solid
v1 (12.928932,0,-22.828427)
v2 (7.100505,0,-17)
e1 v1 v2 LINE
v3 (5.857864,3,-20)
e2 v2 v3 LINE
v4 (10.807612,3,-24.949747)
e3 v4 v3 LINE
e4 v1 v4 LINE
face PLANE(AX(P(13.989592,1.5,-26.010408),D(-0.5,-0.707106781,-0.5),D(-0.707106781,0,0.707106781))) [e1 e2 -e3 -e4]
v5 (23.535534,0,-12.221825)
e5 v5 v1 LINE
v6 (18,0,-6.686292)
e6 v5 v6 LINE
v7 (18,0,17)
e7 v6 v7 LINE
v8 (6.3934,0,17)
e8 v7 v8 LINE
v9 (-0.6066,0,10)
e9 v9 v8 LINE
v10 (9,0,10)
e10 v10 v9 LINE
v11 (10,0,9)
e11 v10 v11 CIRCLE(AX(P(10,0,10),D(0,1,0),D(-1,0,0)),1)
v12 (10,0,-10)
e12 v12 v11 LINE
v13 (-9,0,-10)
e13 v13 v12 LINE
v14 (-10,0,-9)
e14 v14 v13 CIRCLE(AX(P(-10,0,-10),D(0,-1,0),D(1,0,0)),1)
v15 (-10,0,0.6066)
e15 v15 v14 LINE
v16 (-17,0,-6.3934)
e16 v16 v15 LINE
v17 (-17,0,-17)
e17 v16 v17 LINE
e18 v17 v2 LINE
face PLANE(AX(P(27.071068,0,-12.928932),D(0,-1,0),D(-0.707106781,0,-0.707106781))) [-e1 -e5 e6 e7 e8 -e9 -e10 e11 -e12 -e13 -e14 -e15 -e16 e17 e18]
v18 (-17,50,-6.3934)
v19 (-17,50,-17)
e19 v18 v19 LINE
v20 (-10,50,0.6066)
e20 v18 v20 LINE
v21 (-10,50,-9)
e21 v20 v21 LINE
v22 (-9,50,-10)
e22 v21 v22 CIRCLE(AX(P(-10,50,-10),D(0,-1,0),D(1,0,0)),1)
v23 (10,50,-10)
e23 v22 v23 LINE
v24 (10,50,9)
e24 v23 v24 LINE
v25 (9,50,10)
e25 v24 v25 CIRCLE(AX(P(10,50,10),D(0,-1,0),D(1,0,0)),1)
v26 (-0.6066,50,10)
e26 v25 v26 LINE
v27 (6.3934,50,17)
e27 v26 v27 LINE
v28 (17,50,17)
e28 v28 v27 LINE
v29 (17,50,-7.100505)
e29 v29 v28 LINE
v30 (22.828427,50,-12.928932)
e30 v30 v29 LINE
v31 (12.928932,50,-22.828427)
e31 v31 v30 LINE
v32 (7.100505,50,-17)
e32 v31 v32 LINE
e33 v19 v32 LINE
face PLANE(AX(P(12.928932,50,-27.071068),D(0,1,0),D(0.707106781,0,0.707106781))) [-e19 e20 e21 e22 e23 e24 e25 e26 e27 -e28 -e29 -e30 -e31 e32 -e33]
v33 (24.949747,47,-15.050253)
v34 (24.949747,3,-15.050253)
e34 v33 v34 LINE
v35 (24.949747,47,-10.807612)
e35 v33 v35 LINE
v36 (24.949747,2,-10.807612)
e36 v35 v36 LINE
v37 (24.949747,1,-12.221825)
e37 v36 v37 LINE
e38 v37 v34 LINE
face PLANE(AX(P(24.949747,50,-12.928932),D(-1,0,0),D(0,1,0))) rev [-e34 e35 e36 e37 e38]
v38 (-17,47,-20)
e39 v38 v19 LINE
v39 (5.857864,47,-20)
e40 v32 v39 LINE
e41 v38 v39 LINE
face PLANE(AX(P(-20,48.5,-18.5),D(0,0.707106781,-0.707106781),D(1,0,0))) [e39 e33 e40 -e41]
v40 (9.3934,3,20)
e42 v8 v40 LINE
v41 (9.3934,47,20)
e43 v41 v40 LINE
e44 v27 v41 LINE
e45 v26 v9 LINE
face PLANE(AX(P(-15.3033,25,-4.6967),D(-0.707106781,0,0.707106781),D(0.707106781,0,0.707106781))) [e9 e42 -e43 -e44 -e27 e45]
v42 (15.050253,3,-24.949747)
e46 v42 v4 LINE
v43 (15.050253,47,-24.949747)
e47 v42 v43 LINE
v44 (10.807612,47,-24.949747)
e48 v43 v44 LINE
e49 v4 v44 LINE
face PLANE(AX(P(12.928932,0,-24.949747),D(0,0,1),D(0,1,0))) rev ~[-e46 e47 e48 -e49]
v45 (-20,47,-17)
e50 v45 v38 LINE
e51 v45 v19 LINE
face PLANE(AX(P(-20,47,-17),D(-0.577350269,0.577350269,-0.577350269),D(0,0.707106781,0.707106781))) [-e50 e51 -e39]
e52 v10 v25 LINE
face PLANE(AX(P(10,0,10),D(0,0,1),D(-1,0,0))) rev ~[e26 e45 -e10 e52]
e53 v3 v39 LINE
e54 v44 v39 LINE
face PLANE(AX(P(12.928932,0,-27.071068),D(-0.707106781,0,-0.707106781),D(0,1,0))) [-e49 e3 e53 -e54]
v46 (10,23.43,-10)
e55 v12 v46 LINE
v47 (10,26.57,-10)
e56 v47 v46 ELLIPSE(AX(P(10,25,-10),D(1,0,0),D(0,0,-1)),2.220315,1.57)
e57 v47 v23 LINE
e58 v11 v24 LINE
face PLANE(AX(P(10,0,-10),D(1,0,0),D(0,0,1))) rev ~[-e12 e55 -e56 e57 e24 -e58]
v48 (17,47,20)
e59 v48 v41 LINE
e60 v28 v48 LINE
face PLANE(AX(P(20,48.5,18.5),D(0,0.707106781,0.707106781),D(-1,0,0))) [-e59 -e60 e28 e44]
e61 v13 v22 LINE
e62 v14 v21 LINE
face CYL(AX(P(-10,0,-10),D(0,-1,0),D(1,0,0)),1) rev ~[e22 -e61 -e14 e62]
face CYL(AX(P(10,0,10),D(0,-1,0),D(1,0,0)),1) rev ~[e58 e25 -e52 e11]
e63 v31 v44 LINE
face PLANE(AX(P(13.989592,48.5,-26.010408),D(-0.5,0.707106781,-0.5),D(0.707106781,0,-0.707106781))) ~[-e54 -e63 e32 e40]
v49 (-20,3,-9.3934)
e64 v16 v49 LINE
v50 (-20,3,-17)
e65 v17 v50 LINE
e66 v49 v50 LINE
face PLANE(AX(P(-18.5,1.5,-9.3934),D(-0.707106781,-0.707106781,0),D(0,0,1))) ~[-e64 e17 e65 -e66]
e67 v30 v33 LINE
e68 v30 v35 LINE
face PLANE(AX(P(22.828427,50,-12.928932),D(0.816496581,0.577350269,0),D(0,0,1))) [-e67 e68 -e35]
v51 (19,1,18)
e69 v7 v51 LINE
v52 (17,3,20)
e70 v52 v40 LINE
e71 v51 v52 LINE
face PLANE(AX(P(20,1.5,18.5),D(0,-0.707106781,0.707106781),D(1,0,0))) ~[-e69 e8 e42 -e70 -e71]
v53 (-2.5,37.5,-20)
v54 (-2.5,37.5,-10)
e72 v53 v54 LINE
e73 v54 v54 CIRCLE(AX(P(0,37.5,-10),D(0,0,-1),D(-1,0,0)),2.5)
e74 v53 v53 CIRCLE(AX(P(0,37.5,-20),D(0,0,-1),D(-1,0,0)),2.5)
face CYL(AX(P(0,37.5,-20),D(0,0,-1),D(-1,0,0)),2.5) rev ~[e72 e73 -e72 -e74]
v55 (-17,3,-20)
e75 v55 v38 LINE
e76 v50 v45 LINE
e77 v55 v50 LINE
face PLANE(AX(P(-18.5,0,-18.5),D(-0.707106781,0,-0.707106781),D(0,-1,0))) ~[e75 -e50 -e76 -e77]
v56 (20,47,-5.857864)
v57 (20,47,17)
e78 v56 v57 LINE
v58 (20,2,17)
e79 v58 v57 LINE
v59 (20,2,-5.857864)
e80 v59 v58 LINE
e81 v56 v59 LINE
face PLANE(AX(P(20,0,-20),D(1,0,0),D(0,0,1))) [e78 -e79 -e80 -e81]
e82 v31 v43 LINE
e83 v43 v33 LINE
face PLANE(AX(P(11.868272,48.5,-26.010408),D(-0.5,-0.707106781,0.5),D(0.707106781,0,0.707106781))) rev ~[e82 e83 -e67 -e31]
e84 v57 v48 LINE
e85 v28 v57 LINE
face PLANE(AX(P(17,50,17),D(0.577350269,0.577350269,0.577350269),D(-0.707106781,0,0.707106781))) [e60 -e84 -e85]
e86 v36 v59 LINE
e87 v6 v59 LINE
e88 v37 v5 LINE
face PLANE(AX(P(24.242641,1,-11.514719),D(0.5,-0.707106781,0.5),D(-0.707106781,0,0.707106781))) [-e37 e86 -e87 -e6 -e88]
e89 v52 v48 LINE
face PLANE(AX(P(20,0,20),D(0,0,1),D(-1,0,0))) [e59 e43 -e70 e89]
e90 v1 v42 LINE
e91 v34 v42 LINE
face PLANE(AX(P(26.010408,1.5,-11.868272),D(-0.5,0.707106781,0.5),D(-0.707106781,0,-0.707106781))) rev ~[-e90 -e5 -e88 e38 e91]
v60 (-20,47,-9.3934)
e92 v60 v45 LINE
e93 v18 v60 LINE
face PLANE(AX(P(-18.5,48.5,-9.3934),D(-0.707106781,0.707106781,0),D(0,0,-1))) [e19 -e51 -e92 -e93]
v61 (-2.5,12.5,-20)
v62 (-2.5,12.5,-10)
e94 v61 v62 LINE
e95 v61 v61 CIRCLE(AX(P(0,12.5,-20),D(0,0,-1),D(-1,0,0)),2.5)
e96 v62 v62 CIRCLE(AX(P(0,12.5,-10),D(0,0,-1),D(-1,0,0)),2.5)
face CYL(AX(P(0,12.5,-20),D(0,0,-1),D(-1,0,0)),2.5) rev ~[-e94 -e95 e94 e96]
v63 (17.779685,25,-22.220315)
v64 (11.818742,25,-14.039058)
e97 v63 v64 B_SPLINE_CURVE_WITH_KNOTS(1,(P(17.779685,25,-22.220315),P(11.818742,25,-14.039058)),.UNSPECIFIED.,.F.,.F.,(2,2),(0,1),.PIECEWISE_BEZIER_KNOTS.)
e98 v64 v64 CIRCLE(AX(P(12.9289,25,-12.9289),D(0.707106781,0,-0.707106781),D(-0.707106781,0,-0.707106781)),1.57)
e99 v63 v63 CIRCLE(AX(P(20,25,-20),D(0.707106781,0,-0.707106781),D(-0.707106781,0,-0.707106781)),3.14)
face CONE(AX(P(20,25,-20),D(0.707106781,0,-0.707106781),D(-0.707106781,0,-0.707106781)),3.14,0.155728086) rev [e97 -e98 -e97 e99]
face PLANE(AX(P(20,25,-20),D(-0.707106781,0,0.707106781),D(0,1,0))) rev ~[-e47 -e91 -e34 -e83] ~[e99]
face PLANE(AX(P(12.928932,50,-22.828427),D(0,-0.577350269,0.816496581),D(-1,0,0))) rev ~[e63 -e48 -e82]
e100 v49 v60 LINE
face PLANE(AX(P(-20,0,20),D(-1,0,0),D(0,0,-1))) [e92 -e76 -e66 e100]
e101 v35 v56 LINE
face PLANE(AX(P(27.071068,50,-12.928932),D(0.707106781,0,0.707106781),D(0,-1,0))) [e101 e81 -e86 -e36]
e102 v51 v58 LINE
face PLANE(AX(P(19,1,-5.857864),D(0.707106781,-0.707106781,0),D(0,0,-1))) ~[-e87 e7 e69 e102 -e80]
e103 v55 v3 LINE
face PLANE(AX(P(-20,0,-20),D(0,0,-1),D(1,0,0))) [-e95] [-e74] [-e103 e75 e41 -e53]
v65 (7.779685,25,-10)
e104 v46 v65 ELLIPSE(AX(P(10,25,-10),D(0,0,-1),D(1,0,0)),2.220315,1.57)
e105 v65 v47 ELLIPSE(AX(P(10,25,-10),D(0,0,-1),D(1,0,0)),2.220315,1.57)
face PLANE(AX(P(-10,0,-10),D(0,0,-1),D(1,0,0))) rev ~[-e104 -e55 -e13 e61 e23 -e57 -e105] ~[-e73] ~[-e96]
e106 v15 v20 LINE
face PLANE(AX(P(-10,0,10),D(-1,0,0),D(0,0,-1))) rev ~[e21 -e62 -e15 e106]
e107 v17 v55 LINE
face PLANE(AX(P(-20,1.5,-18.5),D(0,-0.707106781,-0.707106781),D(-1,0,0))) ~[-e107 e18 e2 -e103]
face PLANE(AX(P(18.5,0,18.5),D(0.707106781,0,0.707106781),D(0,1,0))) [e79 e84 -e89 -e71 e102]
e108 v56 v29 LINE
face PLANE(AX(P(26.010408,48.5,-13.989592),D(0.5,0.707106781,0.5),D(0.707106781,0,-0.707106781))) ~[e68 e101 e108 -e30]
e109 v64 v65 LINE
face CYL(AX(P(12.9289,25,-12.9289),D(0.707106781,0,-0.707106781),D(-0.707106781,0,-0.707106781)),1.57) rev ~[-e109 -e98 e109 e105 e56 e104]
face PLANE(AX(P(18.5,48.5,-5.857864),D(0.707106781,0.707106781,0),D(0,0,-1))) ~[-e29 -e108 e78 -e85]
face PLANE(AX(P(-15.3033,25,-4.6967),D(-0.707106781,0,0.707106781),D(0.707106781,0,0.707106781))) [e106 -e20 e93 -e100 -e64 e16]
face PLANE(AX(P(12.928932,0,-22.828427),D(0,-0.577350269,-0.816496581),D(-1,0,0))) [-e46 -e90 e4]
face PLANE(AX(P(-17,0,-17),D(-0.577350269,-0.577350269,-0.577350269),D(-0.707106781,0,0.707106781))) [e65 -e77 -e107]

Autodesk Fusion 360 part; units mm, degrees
sketch "Sketch1" plane through (0, 0, 0) normal (0, 1, 0) x (1, 0, 0)
  line L0 (-10, 10) -> (10, 10)
  line L1 (10, 10) -> (10, -10)
  line L2 (10, -10) -> (-10, -10)
  line L3 (-10, -10) -> (-10, 10)
  line L4 (-10, 10) -> (10, -10) construction
  line L5 (10, 10) -> (-10, -10) construction
  line L6 (20, 20) -> (20, -20)
  line L7 (20, -20) -> (-20, -20)
  line L8 (-20, -20) -> (-20, 20)
  line L9 (-20, 20) -> (20, 20)
  dimension "d1" = 20
  dimension "d2" = 20
  dimension "d3" = -10
extrude "Extrude1" add sketch "Sketch1" along normal blind 50 makes body 1
sketch "Sketch2" plane through (0, 50, 0) normal (0, 1, 0) x (-1, 0, 0)
  line L0 (-10, 10) -> (10, 10)
  line L1 (10, 10) -> (10, -10)
  line L2 (10, -10) -> (-10, -10)
  line L3 (-10, -10) -> (-10, 10)
  line L4 (20, -20) -> (20, 20)
  line L5 (20, 20) -> (-20, 20)
  line L6 (-20, 20) -> (-20, -20)
  line L7 (-20, -20) -> (20, -20)
ref_plane "WorkPlane1" through (-10, 25, -10) normal (-0.707107, 0, 0.707107) x (0, 1, 0)
ref_plane "WorkPlane2" through (-15.3033, 25, -4.6967) normal (-0.707107, 0, 0.707107) x (0, 1, 0)
split "Split1" by plane through (-15.3033, 25, -4.6967) normal (-0.707107, 0, 0.707107) bodies 1 makes body 2 at (-0.4044, 16.6667, 20)
ref_plane "WorkPlane3" through (20, 25, -20) normal (-0.707107, 0, 0.707107) x (0, 1, 0)
sketch "Sketch3" plane through (20, 25, -20) normal (-0.707107, 0, 0.707107) x (0, 1, 0)
  line L0 (25, -10) -> (-25, -10)
  line L1 (-25, -10) -> (-25, 10)
  line L2 (-25, 10) -> (25, 10)
  line L3 (25, 10) -> (25, -10)
extrude "Extrude2" add sketch "Sketch3" along normal blind 13 and the other way blind 0 bodies 1
sketch "Sketch4" plane through (20, 0, -20) normal (0.707107, 0, -0.707107) x (-0.707107, 0, -0.707107)
  line L0 (-10, 0) -> (10, 0)
  line L1 (10, 0) -> (10, 50)
  line L2 (10, 50) -> (-10, 50)
  line L3 (-10, 50) -> (-10, 0)
  circle A0 centre (0, 25) radius 3.14
  dimension "d13" = 6.28
ref_plane "WorkPlane4" through (12.9289, 25, -12.9289) normal (0.707107, 0, -0.707107) x (-0.707107, 0, -0.707107)
sketch "Sketch5" plane through (12.9289, 25, -12.9289) normal (0.707107, 0, -0.707107) x (-0.707107, 0, -0.707107)
  circle A0 centre (0, 0) radius 1.57
  dimension "d15" = 3.14
loft "Loft1" cut profiles "Sketch4", "Sketch5" section 1 contours A0 section 2 bodies 1
sketch "Sketch6" plane through (0, 0, -20) normal (0, 0, -1) x (-1, 0, 0)
  line L0 (-5.8579, 50) -> (-5.8579, 0)
  line L1 (-5.8579, 0) -> (20, 0)
  line L2 (20, 0) -> (20, 50)
  line L3 (20, 50) -> (-5.8579, 50)
  line L4 (10, 0) -> (-10, 0)
  line L5 (-10, 0) -> (-10, 50)
  line L6 (-10, 50) -> (10, 50)
  line L7 (10, 50) -> (10, 0)
  line L8 (10, 25) -> (-10, 25) construction
  line L9 (10, 12.5) -> (-10, 12.5) construction
  line L10 (0, 0) -> (0, 25) construction
  circle A0 centre (0, 12.5) radius 2.5
  circle A1 centre (0, 37.5) radius 2.5
  dimension "d16" = 5
extrude "Extrude3" cut sketch "Sketch6" against normal blind 21 contours A0 | A1 bodies 1
sketch "Sketch7" plane through (0, 0, 0) normal (0, -1, 0) x (1, 0, 0)
  line L0 (12.9289, -27.0711) -> (27.0711, -12.9289)
  line L1 (27.0711, -12.9289) -> (20, -5.8579)
  line L2 (20, -5.8579) -> (20, 20)
  line L3 (20, 20) -> (9.3934, 20)
  line L4 (9.3934, 20) -> (-0.6066, 10)
  line L5 (-0.6066, 10) -> (10, 10)
  line L6 (10, 10) -> (10, -10)
  line L7 (10, -10) -> (-10, -10)
  line L8 (-10, -10) -> (-10, 0.6066)
  line L9 (-10, 0.6066) -> (-20, -9.3934)
  line L10 (-20, -9.3934) -> (-20, -20)
  line L11 (-20, -20) -> (5.8579, -20)
  line L12 (5.8579, -20) -> (12.9289, -27.0711)
  circle A0 centre (-10, -10) radius 1
  circle A1 centre (10, 10) radius 1
  dimension "d21" = 2
  dimension "d22" = 2
extrude "Extrude4" cut sketch "Sketch7" against normal blind 53 contours L7 L8 A0 | L5 L6 A1 picked at (-9.3369, -10.0489) picked at (10, 10.6648) bodies 1
chamfer "Chamfer1" distance 3 angle 45 16 edges at (20, 25, 20) (27.0711, 25, -12.9289) (12.9289, 25, -27.0711) (20, 50, -20) (20, 0, -20) (20, 50, 7.0711) (23.5355, 50, -9.3934) (9.3934, 50, -23.5355) (-7.0711, 50, -20) (-20, 25, -20) (-7.0711, 0, -20) (9.3934, 0, -23.5355) (-20, 0, -14.6967) (14.6967, 0, 20) (-20, 50, -14.6967) (14.6967, 50, 20) on bodies 1
chamfer "Chamfer2" distance 2 angle 45 2 edges at (20, 0, 5.5711) (22.4749, 0, -8.3327) on bodies 1
extrude "Extrude5" cut 1 faces at (13.1588, 25.9211, -12.6991) along direction (-0.707107, 0, 0.707107) blind 17 on bodies 1 bodies 1
hidden bodies 2
equation "d1 = sqUARELENGTH"
equation "d2 = sqUARELENGTH"
equation "d3 = shellthickness"
equation "shellthickness = -10 mm"
equation "sqUARELENGTH = 20 mm"
